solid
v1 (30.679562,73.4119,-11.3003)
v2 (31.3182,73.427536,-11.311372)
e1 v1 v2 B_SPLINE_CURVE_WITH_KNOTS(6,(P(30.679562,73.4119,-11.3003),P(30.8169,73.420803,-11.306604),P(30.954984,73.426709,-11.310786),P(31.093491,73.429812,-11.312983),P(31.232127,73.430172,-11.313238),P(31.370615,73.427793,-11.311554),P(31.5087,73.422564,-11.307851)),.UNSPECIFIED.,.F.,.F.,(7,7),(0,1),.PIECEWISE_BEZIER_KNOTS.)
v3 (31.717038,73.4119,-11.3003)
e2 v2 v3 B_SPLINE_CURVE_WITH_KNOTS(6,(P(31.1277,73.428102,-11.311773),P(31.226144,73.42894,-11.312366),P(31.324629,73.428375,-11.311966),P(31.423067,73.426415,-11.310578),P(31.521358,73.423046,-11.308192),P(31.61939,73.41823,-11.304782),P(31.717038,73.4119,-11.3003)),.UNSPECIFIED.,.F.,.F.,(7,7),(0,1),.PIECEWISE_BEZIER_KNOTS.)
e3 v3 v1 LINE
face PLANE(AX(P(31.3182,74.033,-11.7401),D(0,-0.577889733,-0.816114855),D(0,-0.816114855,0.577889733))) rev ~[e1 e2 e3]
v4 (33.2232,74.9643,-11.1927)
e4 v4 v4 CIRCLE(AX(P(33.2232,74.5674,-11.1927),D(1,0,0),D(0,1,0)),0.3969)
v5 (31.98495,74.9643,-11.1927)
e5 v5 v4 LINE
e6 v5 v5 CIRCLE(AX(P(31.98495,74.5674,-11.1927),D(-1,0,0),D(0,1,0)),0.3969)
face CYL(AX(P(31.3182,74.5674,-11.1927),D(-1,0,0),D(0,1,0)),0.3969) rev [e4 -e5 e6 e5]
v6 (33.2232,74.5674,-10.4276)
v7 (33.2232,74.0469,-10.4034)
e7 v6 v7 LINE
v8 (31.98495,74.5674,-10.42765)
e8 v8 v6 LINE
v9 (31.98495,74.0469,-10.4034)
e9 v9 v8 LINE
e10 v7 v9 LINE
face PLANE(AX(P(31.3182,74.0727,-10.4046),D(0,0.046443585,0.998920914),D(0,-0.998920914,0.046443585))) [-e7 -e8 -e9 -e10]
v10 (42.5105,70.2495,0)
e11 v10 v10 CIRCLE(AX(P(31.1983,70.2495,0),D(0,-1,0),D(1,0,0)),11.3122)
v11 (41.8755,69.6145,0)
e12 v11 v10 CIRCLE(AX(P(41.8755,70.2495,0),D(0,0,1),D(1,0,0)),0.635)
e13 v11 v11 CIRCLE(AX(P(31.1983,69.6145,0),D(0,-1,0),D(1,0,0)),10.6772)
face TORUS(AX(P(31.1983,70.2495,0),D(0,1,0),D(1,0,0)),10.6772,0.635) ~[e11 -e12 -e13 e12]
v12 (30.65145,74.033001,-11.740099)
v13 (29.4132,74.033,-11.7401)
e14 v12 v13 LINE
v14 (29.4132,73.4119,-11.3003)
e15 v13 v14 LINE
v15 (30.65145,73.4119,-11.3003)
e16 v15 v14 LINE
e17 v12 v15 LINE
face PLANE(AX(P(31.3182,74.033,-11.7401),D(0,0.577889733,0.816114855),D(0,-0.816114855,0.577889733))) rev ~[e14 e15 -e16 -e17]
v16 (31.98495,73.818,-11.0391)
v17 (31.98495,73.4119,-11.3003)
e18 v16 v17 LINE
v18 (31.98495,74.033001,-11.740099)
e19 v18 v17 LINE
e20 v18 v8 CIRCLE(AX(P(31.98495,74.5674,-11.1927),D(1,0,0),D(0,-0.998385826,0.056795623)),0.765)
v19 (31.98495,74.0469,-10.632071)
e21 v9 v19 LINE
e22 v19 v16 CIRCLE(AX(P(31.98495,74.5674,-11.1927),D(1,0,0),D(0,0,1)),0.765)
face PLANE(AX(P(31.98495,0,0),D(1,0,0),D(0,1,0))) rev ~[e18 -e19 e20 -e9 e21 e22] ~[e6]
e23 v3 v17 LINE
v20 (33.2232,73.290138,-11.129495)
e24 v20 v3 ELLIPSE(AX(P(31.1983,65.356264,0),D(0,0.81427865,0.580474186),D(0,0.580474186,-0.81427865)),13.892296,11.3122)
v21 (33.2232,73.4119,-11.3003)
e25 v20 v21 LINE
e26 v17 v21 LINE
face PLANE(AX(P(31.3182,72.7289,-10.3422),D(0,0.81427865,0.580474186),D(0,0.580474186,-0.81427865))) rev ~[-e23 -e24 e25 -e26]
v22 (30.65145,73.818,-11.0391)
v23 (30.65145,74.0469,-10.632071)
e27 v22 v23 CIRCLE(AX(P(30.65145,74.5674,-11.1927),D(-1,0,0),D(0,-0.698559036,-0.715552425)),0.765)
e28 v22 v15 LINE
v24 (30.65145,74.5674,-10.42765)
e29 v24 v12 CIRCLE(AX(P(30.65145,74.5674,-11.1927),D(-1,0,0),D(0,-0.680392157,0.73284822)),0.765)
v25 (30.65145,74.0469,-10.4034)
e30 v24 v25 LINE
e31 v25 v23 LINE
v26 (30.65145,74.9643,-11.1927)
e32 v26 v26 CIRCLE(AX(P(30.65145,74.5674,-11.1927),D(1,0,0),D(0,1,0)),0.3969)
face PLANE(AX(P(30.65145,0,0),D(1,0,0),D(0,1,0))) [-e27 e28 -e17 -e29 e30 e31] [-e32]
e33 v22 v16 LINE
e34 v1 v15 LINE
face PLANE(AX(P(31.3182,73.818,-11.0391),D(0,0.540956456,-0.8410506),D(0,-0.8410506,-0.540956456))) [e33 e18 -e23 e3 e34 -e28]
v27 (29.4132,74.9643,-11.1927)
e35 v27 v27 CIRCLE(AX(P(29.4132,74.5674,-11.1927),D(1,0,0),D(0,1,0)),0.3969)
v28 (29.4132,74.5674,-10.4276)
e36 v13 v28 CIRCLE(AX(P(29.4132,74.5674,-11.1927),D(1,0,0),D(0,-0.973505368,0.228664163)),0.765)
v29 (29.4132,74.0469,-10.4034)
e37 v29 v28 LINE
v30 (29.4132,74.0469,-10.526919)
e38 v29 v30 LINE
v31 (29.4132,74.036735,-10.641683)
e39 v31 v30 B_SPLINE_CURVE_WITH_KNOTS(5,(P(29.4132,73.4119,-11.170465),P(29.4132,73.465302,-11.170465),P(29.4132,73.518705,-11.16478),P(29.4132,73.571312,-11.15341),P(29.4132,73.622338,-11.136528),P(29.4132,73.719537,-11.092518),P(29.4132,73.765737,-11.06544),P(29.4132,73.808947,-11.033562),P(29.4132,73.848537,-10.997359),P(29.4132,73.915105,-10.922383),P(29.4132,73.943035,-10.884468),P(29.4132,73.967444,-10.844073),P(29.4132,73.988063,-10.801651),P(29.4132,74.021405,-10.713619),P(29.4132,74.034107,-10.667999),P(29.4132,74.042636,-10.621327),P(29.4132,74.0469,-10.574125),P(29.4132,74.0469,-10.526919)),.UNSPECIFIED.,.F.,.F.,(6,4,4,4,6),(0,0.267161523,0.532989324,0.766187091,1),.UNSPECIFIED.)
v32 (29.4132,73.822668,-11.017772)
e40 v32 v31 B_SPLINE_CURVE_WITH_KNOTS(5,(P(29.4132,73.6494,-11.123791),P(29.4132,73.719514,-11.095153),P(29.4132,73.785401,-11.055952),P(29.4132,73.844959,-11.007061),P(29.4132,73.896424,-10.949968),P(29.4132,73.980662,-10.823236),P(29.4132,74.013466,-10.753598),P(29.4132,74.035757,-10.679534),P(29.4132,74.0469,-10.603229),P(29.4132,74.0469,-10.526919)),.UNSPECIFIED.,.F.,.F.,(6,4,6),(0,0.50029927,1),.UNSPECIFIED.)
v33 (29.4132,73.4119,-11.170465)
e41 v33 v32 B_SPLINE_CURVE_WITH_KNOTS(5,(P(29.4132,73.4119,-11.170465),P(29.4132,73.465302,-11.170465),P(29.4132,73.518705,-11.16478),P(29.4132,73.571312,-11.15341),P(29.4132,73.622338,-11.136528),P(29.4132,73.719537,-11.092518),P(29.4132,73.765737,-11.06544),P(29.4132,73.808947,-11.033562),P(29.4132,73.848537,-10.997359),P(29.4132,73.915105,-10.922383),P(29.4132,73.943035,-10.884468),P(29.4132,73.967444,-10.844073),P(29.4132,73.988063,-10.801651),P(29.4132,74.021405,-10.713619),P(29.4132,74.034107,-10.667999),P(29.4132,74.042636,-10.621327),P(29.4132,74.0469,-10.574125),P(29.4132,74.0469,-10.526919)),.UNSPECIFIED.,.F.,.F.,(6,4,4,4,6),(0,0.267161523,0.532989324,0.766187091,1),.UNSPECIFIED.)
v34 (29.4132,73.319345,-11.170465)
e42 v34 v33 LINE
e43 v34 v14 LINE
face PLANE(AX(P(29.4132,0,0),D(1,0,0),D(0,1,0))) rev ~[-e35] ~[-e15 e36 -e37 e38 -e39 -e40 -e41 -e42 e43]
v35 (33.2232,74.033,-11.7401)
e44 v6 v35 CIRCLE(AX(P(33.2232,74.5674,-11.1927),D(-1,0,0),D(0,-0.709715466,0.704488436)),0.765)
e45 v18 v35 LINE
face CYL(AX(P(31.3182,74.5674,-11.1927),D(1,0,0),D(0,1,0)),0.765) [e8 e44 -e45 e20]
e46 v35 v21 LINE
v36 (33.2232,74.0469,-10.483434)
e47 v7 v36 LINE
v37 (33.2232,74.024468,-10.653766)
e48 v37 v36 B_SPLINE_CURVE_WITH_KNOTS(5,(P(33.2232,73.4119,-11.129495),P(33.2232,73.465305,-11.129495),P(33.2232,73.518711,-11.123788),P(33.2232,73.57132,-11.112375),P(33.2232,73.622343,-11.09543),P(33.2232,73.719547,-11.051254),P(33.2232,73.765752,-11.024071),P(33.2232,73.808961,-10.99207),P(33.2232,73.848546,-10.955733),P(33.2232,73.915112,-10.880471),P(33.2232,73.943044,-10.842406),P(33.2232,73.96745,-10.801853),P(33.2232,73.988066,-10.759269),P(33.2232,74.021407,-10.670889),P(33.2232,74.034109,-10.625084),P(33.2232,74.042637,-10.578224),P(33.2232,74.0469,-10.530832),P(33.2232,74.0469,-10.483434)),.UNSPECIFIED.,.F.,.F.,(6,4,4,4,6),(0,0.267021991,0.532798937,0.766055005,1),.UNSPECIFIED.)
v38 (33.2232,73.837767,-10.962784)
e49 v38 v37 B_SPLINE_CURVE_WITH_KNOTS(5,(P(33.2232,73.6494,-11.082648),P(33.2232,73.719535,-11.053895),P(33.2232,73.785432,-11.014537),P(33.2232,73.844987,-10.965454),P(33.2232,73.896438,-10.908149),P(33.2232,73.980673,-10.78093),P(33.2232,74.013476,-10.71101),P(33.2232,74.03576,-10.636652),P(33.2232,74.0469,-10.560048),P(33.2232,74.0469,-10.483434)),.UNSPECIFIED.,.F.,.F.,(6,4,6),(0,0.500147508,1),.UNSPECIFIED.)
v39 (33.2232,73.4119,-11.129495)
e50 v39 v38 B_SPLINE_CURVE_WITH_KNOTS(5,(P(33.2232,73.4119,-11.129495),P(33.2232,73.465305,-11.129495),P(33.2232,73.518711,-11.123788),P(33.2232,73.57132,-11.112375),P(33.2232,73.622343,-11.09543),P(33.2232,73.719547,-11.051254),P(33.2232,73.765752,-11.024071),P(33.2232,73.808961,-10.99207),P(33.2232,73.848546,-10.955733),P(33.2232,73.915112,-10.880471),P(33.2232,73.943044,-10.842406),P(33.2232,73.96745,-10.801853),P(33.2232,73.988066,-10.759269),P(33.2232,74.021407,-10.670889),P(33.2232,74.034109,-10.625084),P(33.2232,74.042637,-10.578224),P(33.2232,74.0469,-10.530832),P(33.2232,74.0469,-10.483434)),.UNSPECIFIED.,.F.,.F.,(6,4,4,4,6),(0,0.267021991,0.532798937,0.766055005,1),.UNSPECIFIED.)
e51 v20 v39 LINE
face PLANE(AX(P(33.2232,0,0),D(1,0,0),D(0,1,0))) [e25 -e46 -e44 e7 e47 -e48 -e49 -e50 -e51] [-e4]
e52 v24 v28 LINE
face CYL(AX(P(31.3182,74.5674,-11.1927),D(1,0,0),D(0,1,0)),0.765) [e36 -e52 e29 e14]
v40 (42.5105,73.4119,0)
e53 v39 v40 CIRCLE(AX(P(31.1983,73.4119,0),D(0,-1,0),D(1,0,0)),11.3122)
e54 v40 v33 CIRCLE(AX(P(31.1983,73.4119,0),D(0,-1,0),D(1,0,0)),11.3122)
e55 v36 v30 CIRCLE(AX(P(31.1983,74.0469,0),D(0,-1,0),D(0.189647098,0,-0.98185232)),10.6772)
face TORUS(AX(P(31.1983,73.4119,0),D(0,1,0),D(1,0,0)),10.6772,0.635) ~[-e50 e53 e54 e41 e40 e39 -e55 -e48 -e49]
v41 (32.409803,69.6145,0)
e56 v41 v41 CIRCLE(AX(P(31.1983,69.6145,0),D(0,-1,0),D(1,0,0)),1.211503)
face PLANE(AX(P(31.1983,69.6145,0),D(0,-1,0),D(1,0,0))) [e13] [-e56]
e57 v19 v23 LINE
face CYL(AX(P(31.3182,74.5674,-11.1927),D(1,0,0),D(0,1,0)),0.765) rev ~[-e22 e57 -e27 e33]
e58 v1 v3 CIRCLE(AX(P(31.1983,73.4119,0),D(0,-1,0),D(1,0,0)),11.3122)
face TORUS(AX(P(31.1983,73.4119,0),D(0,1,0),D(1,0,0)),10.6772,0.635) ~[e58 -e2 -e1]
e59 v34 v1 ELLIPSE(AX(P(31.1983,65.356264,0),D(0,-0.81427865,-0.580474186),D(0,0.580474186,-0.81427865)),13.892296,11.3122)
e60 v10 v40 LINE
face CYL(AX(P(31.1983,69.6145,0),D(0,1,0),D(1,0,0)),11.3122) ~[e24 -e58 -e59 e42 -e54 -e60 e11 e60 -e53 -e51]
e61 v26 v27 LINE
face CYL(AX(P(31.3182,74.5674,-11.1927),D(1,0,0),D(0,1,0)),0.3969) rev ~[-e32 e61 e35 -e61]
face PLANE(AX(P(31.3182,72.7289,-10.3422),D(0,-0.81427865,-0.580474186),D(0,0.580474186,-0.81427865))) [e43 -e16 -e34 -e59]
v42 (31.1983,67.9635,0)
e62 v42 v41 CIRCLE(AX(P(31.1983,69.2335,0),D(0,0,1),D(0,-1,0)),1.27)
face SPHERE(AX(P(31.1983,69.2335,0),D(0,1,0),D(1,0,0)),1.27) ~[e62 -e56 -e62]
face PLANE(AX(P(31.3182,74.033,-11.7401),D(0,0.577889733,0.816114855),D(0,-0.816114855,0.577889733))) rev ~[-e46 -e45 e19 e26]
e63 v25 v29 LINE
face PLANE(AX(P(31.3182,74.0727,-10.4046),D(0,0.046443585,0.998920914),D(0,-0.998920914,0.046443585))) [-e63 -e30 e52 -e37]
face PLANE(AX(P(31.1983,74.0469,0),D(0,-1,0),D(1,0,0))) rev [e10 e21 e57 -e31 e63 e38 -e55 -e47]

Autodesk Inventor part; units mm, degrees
ref_plane "XZ Plane" through (0, 0, 0) normal (0, 1, 0) x (-1, 0, 0)
ref_plane "XY Plane" through (0, 0, 0) normal (0, 0, 1) x (1, 0, 0)
sketch "Sketch1" plane through (0, 0, 0) normal (0, 0, 1) x (1, 0, 0)
  line L0 (8.9491, 93.5489) -> (53.3991, 93.5489) construction
  line L1 (53.3991, 93.5489) -> (53.3991, 10.9989) construction
  line L2 (53.3991, 10.9989) -> (8.9491, 10.9989) construction
  line L3 (8.9491, 10.9989) -> (8.9491, 93.5489) construction
  line L4 (42.5105, 69.6145) -> (42.5105, 74.0469)
  line L5 (31.1983, 74.0469) -> (31.1983, 69.6145)
  line L6 (31.1983, 74.0469) -> (42.5105, 74.0469)
  line L7 (42.5105, 69.6145) -> (31.1983, 69.6145)
  circle A0 centre (31.1983, 69.2335) radius 1.27
  line L8 (31.1983, 69.6145) -> (31.1983, 67.9635)
  point P0 (0, 0)
  point P1 (32.4098, 69.6145)
  dimension "d3" = 2.54
  dimension "d4" = 0.381
revolve "Revolution1" add sketch "Sketch1" angle 360 about axis through (31.1983, 74.0469, 0) along (0, -1, 0) contours L7 A0 L5 L6 L4 | A0 L8 L7 | L7 L5 A0
fillet "Fillet1" radius 0.635 2 edges at (19.8861, 74.0469, 0) (19.8861, 69.6145, 0)
ref_plane "Work Plane1" through (31.3182, 0, 0) normal (1, 0, 0) x (0, 1, 0)
sketch "Sketch3" plane through (31.3182, 0, 0) normal (1, 0, 0) x (0, 1, 0)
  line L0 (91.7474, 13.6776) -> (91.7474, -13.6861) construction
  line L1 (91.7474, -13.6861) -> (69.2257, -13.6861) construction
  line L2 (69.2257, -13.6861) -> (69.2257, 13.6776) construction
  line L3 (69.2257, 13.6776) -> (91.7474, 13.6776) construction
  circle A0 centre (74.5674, -11.1927) radius 0.765
  circle A1 centre (74.5674, -11.1927) radius 0.3969
  line L4 (74.033, -11.7401) -> (73.4119, -11.3003)
  line L5 (73.4119, -11.3122) -> (73.4119, 11.3122) projected
  line L6 (74.5674, -10.4276) -> (74.0469, -10.4034)
  line L7 (74.0469, 10.6772) -> (74.0469, -10.6772) projected
  line L8 (73.818, -11.0391) -> (73.4119, -11.3003)
  line L9 (74.0727, -10.4046) -> (72.7289, -10.3422)
  line L10 (72.7289, -10.3422) -> (73.4119, -11.3003)
  point P0 (0, 0)
  point P1 (74.0469, -10.632)
  dimension "d49" = 1.53
  dimension "d50" = 0.7937
extrude "Extrusion1" add sketch "Sketch3" along normal mid plane 3.81 contours A0
extrude "Extrusion2" cut sketch "Sketch3" along normal mid plane 1.3335 contours A0 | A1
extrude "Extrusion3" add sketch "Sketch3" along normal mid plane 3.81 contours A0 L7 L6 | L4 L8 A0 | A0 L8 L5 L9 L7 | L10 L9 L5
extrude "Extrusion4" cut sketch "Sketch3" along normal mid plane 1.3335 contours A0 L7 L6 | L4 L8 A0
properties part number "Neck_3DPrint"
